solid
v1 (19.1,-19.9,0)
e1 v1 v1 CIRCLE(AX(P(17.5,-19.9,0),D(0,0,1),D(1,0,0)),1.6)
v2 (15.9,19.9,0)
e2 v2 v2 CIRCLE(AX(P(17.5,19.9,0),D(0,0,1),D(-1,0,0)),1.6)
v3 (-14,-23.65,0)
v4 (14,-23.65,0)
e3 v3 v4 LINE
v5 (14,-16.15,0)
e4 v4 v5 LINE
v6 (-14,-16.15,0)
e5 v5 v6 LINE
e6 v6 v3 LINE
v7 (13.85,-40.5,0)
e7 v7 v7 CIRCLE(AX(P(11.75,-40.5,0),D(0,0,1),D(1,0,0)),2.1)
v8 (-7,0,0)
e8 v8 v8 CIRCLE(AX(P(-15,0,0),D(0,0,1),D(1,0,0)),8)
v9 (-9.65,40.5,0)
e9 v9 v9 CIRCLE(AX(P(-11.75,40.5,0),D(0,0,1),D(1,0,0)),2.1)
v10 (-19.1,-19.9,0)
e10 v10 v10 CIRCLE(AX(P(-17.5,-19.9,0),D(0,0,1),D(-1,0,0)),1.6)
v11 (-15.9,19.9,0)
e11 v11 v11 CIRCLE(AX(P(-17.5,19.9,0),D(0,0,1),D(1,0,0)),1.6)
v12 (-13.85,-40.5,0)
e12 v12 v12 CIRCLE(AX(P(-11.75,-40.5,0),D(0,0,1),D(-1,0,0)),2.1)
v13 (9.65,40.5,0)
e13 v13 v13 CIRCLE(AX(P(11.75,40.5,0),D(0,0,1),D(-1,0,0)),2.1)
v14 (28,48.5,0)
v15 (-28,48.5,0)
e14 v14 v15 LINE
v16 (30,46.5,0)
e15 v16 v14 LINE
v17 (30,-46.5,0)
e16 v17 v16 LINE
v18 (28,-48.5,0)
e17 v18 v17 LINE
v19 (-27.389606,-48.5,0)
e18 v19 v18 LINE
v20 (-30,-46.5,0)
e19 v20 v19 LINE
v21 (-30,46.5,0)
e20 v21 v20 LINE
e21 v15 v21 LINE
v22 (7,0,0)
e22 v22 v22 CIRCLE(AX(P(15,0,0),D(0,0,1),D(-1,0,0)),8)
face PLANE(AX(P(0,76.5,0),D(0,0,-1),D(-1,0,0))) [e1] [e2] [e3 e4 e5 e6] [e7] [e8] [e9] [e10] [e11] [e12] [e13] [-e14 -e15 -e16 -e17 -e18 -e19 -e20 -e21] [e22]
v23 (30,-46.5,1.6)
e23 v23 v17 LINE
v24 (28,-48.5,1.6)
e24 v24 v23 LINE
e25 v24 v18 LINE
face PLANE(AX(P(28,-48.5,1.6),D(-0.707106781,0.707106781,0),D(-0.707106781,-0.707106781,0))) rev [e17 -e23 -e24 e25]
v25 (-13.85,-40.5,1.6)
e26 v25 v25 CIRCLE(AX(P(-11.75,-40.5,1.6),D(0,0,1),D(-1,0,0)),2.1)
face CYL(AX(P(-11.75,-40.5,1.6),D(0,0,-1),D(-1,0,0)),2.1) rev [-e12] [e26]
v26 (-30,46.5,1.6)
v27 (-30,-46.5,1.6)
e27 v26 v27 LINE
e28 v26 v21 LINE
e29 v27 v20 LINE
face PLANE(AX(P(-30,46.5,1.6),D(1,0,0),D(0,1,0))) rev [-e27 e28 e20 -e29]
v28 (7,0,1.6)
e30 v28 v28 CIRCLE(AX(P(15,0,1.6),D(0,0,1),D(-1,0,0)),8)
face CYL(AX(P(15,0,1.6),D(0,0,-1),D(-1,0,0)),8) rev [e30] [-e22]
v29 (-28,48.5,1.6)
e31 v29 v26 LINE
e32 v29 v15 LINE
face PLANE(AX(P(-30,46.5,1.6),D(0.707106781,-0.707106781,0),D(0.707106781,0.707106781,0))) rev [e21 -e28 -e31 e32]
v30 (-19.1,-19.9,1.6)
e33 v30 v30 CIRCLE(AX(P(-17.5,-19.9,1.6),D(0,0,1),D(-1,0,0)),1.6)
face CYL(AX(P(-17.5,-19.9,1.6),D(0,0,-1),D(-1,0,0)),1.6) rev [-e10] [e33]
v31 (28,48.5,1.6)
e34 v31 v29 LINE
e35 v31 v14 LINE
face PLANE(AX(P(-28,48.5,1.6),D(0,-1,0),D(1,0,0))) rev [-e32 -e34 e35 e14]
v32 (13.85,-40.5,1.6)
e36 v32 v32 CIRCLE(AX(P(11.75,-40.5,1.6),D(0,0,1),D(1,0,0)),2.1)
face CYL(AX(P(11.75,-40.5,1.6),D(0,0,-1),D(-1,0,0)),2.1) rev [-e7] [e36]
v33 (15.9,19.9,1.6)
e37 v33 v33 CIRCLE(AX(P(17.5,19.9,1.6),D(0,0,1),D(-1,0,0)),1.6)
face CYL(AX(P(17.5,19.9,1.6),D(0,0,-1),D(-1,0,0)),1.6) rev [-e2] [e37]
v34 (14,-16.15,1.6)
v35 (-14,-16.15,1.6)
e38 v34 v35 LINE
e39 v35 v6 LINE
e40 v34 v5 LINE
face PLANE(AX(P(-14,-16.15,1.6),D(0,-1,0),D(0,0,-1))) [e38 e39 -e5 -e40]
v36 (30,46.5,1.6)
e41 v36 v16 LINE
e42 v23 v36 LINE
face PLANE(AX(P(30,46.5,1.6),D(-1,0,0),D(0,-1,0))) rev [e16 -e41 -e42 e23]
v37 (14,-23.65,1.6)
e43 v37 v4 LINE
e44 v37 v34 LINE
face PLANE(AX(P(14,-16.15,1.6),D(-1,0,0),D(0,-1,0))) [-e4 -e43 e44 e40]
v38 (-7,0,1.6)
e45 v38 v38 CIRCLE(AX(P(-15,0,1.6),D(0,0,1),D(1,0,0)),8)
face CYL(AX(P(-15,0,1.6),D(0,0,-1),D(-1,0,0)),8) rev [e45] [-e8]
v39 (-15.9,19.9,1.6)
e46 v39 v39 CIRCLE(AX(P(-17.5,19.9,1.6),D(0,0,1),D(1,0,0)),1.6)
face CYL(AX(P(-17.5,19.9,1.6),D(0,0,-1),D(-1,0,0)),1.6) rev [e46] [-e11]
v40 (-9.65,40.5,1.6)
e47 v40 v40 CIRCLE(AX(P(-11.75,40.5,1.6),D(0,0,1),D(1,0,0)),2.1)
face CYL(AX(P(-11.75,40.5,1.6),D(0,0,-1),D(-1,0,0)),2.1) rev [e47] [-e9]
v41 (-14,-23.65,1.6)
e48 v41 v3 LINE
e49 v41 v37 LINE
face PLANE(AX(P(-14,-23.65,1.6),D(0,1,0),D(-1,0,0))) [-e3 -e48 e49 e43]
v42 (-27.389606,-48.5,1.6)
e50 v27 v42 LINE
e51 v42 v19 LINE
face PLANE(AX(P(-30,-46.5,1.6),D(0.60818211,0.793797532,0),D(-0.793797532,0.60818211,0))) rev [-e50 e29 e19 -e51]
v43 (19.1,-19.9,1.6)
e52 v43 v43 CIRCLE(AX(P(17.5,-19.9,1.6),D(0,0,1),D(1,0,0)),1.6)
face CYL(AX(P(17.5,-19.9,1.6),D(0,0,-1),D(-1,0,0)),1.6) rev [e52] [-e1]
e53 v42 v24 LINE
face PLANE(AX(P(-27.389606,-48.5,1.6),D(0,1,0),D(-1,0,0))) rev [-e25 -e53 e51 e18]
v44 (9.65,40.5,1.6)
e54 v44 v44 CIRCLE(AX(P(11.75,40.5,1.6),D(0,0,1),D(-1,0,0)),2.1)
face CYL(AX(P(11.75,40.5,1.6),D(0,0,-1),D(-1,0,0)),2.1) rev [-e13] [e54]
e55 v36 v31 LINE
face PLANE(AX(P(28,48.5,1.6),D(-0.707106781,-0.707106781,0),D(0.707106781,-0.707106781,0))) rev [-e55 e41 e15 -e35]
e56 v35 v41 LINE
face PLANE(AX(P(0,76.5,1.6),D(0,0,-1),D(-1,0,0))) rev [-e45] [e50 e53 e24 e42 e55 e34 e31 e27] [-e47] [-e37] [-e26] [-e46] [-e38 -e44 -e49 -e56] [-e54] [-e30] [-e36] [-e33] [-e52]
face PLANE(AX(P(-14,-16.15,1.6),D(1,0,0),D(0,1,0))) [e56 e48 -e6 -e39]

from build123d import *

# Parameters (mm, degrees)
SKETCH_1_R      = 8
SKETCH_1_R_2    = 1.6
SKETCH_1_R_3    = 2.1
SKETCH_1_W      = 28
SKETCH_1_H      = 7.5
EXTRUDE_1_DEPTH = 1.6


with BuildPart() as part:
    # 草图1 → 凸台-拉伸1 (new body)
    with BuildSketch(Plane.XY):
        Polygon((-28, 48.5), (28, 48.5), (30, 46.5), (30, -46.5), (28, -48.5), (-27.38960578, -48.5), (-30, -46.5), (-30, 46.5), align=None)
        with Locations((-15, 0)):
            Circle(SKETCH_1_R, mode=Mode.SUBTRACT)
        with Locations((-17.5, 19.9)):
            Circle(SKETCH_1_R_2, mode=Mode.SUBTRACT)
        with Locations((-11.75, 40.5)):
            Circle(SKETCH_1_R_3, mode=Mode.SUBTRACT)
        with Locations(Location((-17.5, -19.9, 0), (0, 0, 180))):
            Circle(SKETCH_1_R_2, mode=Mode.SUBTRACT)
        with Locations(Location((-11.75, -40.5, 0), (0, 0, 180))):
            Circle(SKETCH_1_R_3, mode=Mode.SUBTRACT)
        with Locations(Location((17.5, 19.9, 0), (0, 0, 180))):
            Circle(SKETCH_1_R_2, mode=Mode.SUBTRACT)
        with Locations(Location((11.75, 40.5, 0), (0, 0, 180))):
            Circle(SKETCH_1_R_3, mode=Mode.SUBTRACT)
        with Locations((11.75, -40.5)):
            Circle(SKETCH_1_R_3, mode=Mode.SUBTRACT)
        with Locations((17.5, -19.9)):
            Circle(SKETCH_1_R_2, mode=Mode.SUBTRACT)
        with Locations(Location((15, 0, 0), (0, 0, 180))):
            Circle(SKETCH_1_R, mode=Mode.SUBTRACT)
        with Locations((0, -19.9)):
            Rectangle(SKETCH_1_W, SKETCH_1_H, mode=Mode.SUBTRACT)
    extrude(amount=EXTRUDE_1_DEPTH)


solid = part.part
